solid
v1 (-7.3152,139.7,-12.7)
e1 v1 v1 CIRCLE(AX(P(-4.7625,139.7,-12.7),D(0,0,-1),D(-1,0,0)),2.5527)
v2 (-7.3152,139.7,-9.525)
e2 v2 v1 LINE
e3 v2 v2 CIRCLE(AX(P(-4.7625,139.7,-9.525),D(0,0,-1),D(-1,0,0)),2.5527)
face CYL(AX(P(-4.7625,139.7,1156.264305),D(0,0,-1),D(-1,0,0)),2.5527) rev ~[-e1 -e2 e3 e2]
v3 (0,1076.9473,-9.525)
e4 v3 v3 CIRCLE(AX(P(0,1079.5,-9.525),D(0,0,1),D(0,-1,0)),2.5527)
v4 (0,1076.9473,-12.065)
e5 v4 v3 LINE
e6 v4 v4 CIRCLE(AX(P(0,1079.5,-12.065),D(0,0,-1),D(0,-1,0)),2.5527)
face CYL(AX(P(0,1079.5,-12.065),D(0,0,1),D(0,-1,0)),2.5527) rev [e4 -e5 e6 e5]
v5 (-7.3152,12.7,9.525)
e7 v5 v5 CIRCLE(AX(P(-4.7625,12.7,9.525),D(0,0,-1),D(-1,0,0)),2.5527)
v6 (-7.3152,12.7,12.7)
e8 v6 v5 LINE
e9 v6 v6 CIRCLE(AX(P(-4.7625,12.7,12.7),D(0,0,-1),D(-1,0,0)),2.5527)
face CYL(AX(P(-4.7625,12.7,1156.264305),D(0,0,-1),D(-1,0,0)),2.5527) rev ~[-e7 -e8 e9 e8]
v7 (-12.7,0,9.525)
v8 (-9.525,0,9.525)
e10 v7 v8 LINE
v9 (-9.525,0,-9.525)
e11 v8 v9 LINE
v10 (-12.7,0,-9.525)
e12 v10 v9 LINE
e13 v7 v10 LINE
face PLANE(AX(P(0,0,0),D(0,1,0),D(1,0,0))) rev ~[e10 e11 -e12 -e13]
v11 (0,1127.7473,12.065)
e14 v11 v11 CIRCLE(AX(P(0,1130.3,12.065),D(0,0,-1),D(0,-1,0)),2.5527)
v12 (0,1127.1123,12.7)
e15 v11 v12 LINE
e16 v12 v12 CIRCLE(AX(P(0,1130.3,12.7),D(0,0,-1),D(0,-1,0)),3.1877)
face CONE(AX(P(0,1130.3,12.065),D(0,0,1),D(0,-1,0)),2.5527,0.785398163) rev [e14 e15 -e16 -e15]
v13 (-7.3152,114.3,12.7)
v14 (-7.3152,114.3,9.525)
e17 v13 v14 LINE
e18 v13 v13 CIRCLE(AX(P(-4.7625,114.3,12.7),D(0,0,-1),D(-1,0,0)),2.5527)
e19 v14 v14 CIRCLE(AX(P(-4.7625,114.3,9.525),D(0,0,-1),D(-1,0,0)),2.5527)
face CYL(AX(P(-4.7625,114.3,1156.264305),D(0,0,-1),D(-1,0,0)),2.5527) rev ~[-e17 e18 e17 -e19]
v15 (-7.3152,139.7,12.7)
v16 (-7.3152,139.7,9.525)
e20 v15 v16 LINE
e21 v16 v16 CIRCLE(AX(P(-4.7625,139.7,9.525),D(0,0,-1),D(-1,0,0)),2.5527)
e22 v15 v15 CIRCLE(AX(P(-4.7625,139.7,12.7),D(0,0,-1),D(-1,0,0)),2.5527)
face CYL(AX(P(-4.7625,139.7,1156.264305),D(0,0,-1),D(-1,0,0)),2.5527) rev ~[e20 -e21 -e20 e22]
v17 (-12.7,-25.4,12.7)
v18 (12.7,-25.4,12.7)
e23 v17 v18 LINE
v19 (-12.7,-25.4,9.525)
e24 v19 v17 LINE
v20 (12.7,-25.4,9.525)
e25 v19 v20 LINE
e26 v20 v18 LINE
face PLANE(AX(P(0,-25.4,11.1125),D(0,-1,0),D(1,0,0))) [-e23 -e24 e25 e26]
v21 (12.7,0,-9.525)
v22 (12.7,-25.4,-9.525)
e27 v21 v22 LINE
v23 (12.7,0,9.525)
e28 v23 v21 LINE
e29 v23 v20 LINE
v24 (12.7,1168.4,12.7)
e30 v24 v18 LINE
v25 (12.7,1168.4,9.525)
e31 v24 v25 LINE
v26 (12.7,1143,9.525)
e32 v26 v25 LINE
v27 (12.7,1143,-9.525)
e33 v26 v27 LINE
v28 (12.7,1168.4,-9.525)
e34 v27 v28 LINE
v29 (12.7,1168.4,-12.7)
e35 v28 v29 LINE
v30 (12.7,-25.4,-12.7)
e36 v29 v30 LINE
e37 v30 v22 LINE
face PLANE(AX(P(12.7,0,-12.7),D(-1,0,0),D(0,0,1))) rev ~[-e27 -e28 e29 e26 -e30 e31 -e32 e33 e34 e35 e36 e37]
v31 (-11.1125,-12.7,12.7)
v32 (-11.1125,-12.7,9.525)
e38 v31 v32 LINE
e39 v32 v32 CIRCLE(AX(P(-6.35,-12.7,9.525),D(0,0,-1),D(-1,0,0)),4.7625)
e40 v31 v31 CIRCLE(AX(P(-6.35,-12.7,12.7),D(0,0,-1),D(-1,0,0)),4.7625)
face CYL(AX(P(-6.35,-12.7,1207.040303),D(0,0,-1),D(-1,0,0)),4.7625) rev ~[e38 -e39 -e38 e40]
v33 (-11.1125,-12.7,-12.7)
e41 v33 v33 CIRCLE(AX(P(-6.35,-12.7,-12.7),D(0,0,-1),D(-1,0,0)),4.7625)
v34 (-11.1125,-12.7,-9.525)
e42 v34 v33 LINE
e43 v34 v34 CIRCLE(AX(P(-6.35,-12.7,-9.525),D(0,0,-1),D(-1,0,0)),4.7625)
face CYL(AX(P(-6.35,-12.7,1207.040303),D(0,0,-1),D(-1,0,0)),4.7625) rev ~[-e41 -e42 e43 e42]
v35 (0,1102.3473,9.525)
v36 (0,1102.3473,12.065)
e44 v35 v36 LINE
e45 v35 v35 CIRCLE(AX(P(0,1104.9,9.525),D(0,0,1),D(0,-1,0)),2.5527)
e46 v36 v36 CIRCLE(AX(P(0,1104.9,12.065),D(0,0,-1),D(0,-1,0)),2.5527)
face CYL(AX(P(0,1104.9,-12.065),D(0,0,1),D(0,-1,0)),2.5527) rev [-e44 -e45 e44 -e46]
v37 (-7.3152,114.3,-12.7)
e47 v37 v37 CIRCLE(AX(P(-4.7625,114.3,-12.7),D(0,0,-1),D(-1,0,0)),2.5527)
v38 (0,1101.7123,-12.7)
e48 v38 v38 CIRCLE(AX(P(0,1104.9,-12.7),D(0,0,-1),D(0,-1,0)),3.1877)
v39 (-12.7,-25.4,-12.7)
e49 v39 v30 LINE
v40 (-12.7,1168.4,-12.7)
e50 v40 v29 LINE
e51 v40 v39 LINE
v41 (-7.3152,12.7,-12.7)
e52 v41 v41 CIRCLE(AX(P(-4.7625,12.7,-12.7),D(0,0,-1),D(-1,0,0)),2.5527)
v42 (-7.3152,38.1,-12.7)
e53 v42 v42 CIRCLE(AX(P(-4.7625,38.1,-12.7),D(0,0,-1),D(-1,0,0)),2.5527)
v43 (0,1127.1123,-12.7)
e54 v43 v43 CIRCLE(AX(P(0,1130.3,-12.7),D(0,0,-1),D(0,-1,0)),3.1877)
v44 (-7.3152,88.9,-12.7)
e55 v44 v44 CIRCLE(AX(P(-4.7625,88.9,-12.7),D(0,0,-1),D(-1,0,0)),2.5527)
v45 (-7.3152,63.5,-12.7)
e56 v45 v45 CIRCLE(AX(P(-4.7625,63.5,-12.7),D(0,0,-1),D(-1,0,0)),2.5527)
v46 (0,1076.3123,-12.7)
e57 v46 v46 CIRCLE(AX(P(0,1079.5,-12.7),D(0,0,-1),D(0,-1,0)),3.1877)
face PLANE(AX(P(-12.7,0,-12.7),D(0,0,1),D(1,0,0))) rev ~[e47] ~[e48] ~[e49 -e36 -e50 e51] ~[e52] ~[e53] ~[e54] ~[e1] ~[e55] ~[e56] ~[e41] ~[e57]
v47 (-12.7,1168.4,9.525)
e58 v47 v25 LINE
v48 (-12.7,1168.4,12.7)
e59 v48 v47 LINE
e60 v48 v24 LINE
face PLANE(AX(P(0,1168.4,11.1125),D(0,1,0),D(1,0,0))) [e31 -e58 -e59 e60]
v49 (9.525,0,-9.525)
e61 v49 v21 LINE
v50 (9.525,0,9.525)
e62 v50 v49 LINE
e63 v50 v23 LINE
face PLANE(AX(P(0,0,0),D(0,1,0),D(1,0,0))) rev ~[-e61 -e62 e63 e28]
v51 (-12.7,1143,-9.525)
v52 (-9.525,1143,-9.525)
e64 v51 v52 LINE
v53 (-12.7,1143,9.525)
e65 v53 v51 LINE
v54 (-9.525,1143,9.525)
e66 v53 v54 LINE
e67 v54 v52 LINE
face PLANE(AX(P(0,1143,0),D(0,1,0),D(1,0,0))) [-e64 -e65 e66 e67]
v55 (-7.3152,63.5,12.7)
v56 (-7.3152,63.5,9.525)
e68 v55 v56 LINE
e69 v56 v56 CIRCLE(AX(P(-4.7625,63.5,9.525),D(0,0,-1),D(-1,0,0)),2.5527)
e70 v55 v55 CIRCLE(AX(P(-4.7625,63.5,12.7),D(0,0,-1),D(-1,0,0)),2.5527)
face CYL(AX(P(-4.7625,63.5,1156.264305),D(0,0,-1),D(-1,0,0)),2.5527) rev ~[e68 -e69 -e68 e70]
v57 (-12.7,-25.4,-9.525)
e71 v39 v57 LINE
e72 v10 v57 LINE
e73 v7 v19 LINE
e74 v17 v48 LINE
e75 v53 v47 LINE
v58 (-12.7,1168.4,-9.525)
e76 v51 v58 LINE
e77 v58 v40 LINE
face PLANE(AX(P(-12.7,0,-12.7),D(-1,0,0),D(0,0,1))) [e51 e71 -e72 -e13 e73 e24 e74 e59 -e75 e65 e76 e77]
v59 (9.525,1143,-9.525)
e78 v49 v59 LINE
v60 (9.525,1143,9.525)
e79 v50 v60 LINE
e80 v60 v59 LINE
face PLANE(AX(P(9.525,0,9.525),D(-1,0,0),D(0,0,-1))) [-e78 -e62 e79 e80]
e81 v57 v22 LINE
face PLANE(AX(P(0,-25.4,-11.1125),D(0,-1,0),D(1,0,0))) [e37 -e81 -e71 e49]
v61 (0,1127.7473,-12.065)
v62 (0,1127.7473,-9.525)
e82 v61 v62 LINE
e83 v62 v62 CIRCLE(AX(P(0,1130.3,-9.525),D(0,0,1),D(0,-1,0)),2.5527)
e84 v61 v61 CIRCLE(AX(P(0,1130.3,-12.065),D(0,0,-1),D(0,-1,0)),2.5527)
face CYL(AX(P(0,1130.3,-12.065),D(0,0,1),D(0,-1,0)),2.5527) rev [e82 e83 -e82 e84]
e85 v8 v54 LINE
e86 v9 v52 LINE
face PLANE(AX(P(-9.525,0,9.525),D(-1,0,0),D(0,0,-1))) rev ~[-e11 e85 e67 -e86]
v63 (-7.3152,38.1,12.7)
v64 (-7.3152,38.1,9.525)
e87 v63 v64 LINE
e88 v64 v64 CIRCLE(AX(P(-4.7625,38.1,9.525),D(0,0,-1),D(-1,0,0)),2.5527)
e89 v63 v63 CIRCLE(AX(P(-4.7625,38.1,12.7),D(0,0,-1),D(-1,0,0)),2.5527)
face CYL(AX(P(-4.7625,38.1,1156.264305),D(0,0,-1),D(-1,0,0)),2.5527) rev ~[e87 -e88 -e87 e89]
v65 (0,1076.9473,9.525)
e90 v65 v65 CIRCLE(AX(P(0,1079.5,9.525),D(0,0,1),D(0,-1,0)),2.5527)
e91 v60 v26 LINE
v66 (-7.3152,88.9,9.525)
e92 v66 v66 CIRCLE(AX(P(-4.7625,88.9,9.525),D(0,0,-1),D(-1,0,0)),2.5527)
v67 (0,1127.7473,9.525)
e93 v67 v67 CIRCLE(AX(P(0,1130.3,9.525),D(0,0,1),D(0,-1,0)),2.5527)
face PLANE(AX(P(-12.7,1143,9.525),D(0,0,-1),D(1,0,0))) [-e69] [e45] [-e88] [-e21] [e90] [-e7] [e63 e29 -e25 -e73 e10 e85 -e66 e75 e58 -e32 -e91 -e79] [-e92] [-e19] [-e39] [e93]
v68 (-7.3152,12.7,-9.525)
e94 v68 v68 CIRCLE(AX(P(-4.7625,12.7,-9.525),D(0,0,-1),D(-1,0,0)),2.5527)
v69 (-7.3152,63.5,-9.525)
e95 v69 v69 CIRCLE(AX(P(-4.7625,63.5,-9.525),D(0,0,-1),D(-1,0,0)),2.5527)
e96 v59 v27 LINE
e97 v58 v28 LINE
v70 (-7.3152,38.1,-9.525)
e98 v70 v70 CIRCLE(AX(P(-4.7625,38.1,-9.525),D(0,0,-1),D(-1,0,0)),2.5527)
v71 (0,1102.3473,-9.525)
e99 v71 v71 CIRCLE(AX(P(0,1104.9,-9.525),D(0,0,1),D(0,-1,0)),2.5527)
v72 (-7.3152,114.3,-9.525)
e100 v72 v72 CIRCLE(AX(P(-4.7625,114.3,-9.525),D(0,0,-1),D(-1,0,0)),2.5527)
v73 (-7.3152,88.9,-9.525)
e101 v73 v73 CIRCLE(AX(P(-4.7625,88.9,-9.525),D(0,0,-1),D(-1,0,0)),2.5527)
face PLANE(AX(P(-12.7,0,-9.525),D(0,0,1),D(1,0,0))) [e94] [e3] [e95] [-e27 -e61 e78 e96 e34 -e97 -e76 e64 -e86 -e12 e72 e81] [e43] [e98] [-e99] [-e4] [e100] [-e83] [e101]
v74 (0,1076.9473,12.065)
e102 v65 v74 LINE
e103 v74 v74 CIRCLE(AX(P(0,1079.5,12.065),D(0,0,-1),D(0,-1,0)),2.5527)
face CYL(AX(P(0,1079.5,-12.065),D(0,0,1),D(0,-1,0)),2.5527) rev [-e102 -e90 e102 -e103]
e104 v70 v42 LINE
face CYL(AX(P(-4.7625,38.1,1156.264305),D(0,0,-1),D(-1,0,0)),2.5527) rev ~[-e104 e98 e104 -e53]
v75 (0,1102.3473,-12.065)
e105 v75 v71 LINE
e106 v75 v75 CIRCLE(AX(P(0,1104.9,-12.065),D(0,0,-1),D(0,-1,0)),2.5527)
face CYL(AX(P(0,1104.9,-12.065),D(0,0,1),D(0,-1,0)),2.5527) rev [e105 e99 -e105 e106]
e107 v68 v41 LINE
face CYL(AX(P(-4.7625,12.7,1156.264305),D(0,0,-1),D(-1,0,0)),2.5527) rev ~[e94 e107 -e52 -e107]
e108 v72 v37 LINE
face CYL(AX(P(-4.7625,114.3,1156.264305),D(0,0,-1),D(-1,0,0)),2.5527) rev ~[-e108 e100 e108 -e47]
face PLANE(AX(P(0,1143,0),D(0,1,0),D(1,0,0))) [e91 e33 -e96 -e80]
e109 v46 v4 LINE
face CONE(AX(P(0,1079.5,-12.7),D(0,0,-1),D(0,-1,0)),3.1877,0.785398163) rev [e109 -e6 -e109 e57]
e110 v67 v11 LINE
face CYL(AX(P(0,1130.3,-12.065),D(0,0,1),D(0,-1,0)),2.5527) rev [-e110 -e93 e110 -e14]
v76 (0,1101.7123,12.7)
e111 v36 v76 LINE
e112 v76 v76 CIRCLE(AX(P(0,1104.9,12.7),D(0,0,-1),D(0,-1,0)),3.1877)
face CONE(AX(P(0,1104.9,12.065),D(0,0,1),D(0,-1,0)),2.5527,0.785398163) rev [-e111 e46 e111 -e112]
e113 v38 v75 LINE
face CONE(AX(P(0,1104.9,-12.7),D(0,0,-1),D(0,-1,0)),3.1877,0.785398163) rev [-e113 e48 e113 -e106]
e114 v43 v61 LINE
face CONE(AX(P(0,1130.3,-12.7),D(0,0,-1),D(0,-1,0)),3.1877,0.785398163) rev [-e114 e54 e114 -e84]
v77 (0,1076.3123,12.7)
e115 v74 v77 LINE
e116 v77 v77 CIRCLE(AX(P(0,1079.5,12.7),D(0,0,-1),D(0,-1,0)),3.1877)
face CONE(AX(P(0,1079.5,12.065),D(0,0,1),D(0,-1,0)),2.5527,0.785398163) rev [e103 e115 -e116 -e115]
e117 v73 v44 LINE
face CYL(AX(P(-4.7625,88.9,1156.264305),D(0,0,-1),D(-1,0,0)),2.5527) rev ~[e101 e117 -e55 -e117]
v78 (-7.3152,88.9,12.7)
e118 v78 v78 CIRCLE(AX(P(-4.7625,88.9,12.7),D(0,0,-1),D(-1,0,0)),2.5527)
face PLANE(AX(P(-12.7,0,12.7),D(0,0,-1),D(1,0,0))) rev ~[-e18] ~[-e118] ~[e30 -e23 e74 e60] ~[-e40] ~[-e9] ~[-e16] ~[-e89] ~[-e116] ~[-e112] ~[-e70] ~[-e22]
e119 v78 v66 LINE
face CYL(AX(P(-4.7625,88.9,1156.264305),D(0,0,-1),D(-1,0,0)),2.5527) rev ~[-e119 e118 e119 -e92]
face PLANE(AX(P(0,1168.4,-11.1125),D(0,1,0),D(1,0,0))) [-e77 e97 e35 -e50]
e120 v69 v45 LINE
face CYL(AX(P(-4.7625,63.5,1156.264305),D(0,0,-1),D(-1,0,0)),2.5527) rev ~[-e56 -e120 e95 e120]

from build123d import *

# Parameters (mm, degrees)
SKETCH1_W                       = 25.4
SKETCH1_H                       = 25.4
SKETCH1_W_2                     = 19.05
SKETCH1_H_2                     = 19.05
BOSS_EXTRUDE1_DEPTH             = 1143
F_10_CLEARANCE_HOLE1_D          = 5.1054
F_10_CLEARANCE_HOLE2_AT_2_COUNT = 2
F_10_CLEARANCE_HOLE2_AT_2_PITCH = 50.8
F_10_CLEARANCE_HOLE2_AT_3_COUNT = 2
F_10_CLEARANCE_HOLE2_AT_3_PITCH = 25.4
SKETCH6_W                       = 25.4
SKETCH6_H                       = 3.175
BOSS_EXTRUDE2_DEPTH             = 25.4
SKETCH7_W                       = 25.4
SKETCH7_H                       = 3.175
BOSS_EXTRUDE3_DEPTH             = 25.4
F_3_8_0_375_DIAMETER_HOLE2_D    = 9.525


with BuildPart() as part:
    # Sketch1 → Boss-Extrude1 (new body)
    with BuildSketch(Plane(origin=(0, 0, 0), x_dir=(1, 0, 0), z_dir=(0, 1, 0))):
        Rectangle(SKETCH1_W, SKETCH1_H)
        Rectangle(SKETCH1_W_2, SKETCH1_H_2, mode=Mode.SUBTRACT)
    extrude(amount=BOSS_EXTRUDE1_DEPTH)

    # #10 Clearance Hole1 (through all)
    with Locations(Plane.XY.offset(12.7)):
        with Locations((-4.7625, 114.3), (-4.7625, 63.5), (-4.7625, 38.1), (-4.7625, 12.7), (-4.7625, 139.7), (-4.7625, 88.9)):
            Hole(F_10_CLEARANCE_HOLE1_D / 2)

    # Sketch5 → #10 Clearance Hole2 (revolve, cut)
    with BuildSketch(Plane(origin=(0, 1130.3, 12.7), x_dir=(0, -1, 0), z_dir=(1, 0, 0))):
        Polygon((0, 0), (0, 25.4), (3.1877, 25.4), (2.5527, 24.765), (2.5527, 0.635), (3.1877, 0), align=None)
    f_10_clearance_hole2 = revolve(axis=Axis((0, 1130.3, 19.05), (0, 0, -1)), mode=Mode.SUBTRACT)

    # #10 Clearance Hole2 at 2: #10 Clearance Hole2 ×2
    with Locations(*[(0, -i * F_10_CLEARANCE_HOLE2_AT_2_PITCH, 0) for i in range(1, F_10_CLEARANCE_HOLE2_AT_2_COUNT)]):
        add(f_10_clearance_hole2, mode=Mode.SUBTRACT)

    # #10 Clearance Hole2 at 3: #10 Clearance Hole2 ×2
    with Locations(*[(0, -i * F_10_CLEARANCE_HOLE2_AT_3_PITCH, 0) for i in range(1, F_10_CLEARANCE_HOLE2_AT_3_COUNT)]):
        add(f_10_clearance_hole2, mode=Mode.SUBTRACT)

    # Sketch6 → Boss-Extrude2 (add)
    with BuildSketch(Plane(origin=(0, 1143, 0), x_dir=(1, 0, 0), z_dir=(0, 1, 0))):
        with Locations((0, 11.1125)):
            Rectangle(SKETCH6_W, SKETCH6_H)
        with Locations((0, -11.1125)):
            Rectangle(SKETCH6_W, SKETCH6_H)
    extrude(amount=BOSS_EXTRUDE2_DEPTH)

    # Sketch7 → Boss-Extrude3 (add)
    with BuildSketch(Plane.XZ):
        with Locations((0, -11.1125)):
            Rectangle(SKETCH7_W, SKETCH7_H)
        with Locations((0, 11.1125)):
            Rectangle(SKETCH7_W, SKETCH7_H)
    extrude(amount=BOSS_EXTRUDE3_DEPTH)

    # 3/8 (0.375) Diameter Hole2 (through all)
    with Locations(Plane.XY.offset(12.7)):
        with Locations((-6.35, -12.7)):
            Hole(F_3_8_0_375_DIAMETER_HOLE2_D / 2)


solid = part.part
